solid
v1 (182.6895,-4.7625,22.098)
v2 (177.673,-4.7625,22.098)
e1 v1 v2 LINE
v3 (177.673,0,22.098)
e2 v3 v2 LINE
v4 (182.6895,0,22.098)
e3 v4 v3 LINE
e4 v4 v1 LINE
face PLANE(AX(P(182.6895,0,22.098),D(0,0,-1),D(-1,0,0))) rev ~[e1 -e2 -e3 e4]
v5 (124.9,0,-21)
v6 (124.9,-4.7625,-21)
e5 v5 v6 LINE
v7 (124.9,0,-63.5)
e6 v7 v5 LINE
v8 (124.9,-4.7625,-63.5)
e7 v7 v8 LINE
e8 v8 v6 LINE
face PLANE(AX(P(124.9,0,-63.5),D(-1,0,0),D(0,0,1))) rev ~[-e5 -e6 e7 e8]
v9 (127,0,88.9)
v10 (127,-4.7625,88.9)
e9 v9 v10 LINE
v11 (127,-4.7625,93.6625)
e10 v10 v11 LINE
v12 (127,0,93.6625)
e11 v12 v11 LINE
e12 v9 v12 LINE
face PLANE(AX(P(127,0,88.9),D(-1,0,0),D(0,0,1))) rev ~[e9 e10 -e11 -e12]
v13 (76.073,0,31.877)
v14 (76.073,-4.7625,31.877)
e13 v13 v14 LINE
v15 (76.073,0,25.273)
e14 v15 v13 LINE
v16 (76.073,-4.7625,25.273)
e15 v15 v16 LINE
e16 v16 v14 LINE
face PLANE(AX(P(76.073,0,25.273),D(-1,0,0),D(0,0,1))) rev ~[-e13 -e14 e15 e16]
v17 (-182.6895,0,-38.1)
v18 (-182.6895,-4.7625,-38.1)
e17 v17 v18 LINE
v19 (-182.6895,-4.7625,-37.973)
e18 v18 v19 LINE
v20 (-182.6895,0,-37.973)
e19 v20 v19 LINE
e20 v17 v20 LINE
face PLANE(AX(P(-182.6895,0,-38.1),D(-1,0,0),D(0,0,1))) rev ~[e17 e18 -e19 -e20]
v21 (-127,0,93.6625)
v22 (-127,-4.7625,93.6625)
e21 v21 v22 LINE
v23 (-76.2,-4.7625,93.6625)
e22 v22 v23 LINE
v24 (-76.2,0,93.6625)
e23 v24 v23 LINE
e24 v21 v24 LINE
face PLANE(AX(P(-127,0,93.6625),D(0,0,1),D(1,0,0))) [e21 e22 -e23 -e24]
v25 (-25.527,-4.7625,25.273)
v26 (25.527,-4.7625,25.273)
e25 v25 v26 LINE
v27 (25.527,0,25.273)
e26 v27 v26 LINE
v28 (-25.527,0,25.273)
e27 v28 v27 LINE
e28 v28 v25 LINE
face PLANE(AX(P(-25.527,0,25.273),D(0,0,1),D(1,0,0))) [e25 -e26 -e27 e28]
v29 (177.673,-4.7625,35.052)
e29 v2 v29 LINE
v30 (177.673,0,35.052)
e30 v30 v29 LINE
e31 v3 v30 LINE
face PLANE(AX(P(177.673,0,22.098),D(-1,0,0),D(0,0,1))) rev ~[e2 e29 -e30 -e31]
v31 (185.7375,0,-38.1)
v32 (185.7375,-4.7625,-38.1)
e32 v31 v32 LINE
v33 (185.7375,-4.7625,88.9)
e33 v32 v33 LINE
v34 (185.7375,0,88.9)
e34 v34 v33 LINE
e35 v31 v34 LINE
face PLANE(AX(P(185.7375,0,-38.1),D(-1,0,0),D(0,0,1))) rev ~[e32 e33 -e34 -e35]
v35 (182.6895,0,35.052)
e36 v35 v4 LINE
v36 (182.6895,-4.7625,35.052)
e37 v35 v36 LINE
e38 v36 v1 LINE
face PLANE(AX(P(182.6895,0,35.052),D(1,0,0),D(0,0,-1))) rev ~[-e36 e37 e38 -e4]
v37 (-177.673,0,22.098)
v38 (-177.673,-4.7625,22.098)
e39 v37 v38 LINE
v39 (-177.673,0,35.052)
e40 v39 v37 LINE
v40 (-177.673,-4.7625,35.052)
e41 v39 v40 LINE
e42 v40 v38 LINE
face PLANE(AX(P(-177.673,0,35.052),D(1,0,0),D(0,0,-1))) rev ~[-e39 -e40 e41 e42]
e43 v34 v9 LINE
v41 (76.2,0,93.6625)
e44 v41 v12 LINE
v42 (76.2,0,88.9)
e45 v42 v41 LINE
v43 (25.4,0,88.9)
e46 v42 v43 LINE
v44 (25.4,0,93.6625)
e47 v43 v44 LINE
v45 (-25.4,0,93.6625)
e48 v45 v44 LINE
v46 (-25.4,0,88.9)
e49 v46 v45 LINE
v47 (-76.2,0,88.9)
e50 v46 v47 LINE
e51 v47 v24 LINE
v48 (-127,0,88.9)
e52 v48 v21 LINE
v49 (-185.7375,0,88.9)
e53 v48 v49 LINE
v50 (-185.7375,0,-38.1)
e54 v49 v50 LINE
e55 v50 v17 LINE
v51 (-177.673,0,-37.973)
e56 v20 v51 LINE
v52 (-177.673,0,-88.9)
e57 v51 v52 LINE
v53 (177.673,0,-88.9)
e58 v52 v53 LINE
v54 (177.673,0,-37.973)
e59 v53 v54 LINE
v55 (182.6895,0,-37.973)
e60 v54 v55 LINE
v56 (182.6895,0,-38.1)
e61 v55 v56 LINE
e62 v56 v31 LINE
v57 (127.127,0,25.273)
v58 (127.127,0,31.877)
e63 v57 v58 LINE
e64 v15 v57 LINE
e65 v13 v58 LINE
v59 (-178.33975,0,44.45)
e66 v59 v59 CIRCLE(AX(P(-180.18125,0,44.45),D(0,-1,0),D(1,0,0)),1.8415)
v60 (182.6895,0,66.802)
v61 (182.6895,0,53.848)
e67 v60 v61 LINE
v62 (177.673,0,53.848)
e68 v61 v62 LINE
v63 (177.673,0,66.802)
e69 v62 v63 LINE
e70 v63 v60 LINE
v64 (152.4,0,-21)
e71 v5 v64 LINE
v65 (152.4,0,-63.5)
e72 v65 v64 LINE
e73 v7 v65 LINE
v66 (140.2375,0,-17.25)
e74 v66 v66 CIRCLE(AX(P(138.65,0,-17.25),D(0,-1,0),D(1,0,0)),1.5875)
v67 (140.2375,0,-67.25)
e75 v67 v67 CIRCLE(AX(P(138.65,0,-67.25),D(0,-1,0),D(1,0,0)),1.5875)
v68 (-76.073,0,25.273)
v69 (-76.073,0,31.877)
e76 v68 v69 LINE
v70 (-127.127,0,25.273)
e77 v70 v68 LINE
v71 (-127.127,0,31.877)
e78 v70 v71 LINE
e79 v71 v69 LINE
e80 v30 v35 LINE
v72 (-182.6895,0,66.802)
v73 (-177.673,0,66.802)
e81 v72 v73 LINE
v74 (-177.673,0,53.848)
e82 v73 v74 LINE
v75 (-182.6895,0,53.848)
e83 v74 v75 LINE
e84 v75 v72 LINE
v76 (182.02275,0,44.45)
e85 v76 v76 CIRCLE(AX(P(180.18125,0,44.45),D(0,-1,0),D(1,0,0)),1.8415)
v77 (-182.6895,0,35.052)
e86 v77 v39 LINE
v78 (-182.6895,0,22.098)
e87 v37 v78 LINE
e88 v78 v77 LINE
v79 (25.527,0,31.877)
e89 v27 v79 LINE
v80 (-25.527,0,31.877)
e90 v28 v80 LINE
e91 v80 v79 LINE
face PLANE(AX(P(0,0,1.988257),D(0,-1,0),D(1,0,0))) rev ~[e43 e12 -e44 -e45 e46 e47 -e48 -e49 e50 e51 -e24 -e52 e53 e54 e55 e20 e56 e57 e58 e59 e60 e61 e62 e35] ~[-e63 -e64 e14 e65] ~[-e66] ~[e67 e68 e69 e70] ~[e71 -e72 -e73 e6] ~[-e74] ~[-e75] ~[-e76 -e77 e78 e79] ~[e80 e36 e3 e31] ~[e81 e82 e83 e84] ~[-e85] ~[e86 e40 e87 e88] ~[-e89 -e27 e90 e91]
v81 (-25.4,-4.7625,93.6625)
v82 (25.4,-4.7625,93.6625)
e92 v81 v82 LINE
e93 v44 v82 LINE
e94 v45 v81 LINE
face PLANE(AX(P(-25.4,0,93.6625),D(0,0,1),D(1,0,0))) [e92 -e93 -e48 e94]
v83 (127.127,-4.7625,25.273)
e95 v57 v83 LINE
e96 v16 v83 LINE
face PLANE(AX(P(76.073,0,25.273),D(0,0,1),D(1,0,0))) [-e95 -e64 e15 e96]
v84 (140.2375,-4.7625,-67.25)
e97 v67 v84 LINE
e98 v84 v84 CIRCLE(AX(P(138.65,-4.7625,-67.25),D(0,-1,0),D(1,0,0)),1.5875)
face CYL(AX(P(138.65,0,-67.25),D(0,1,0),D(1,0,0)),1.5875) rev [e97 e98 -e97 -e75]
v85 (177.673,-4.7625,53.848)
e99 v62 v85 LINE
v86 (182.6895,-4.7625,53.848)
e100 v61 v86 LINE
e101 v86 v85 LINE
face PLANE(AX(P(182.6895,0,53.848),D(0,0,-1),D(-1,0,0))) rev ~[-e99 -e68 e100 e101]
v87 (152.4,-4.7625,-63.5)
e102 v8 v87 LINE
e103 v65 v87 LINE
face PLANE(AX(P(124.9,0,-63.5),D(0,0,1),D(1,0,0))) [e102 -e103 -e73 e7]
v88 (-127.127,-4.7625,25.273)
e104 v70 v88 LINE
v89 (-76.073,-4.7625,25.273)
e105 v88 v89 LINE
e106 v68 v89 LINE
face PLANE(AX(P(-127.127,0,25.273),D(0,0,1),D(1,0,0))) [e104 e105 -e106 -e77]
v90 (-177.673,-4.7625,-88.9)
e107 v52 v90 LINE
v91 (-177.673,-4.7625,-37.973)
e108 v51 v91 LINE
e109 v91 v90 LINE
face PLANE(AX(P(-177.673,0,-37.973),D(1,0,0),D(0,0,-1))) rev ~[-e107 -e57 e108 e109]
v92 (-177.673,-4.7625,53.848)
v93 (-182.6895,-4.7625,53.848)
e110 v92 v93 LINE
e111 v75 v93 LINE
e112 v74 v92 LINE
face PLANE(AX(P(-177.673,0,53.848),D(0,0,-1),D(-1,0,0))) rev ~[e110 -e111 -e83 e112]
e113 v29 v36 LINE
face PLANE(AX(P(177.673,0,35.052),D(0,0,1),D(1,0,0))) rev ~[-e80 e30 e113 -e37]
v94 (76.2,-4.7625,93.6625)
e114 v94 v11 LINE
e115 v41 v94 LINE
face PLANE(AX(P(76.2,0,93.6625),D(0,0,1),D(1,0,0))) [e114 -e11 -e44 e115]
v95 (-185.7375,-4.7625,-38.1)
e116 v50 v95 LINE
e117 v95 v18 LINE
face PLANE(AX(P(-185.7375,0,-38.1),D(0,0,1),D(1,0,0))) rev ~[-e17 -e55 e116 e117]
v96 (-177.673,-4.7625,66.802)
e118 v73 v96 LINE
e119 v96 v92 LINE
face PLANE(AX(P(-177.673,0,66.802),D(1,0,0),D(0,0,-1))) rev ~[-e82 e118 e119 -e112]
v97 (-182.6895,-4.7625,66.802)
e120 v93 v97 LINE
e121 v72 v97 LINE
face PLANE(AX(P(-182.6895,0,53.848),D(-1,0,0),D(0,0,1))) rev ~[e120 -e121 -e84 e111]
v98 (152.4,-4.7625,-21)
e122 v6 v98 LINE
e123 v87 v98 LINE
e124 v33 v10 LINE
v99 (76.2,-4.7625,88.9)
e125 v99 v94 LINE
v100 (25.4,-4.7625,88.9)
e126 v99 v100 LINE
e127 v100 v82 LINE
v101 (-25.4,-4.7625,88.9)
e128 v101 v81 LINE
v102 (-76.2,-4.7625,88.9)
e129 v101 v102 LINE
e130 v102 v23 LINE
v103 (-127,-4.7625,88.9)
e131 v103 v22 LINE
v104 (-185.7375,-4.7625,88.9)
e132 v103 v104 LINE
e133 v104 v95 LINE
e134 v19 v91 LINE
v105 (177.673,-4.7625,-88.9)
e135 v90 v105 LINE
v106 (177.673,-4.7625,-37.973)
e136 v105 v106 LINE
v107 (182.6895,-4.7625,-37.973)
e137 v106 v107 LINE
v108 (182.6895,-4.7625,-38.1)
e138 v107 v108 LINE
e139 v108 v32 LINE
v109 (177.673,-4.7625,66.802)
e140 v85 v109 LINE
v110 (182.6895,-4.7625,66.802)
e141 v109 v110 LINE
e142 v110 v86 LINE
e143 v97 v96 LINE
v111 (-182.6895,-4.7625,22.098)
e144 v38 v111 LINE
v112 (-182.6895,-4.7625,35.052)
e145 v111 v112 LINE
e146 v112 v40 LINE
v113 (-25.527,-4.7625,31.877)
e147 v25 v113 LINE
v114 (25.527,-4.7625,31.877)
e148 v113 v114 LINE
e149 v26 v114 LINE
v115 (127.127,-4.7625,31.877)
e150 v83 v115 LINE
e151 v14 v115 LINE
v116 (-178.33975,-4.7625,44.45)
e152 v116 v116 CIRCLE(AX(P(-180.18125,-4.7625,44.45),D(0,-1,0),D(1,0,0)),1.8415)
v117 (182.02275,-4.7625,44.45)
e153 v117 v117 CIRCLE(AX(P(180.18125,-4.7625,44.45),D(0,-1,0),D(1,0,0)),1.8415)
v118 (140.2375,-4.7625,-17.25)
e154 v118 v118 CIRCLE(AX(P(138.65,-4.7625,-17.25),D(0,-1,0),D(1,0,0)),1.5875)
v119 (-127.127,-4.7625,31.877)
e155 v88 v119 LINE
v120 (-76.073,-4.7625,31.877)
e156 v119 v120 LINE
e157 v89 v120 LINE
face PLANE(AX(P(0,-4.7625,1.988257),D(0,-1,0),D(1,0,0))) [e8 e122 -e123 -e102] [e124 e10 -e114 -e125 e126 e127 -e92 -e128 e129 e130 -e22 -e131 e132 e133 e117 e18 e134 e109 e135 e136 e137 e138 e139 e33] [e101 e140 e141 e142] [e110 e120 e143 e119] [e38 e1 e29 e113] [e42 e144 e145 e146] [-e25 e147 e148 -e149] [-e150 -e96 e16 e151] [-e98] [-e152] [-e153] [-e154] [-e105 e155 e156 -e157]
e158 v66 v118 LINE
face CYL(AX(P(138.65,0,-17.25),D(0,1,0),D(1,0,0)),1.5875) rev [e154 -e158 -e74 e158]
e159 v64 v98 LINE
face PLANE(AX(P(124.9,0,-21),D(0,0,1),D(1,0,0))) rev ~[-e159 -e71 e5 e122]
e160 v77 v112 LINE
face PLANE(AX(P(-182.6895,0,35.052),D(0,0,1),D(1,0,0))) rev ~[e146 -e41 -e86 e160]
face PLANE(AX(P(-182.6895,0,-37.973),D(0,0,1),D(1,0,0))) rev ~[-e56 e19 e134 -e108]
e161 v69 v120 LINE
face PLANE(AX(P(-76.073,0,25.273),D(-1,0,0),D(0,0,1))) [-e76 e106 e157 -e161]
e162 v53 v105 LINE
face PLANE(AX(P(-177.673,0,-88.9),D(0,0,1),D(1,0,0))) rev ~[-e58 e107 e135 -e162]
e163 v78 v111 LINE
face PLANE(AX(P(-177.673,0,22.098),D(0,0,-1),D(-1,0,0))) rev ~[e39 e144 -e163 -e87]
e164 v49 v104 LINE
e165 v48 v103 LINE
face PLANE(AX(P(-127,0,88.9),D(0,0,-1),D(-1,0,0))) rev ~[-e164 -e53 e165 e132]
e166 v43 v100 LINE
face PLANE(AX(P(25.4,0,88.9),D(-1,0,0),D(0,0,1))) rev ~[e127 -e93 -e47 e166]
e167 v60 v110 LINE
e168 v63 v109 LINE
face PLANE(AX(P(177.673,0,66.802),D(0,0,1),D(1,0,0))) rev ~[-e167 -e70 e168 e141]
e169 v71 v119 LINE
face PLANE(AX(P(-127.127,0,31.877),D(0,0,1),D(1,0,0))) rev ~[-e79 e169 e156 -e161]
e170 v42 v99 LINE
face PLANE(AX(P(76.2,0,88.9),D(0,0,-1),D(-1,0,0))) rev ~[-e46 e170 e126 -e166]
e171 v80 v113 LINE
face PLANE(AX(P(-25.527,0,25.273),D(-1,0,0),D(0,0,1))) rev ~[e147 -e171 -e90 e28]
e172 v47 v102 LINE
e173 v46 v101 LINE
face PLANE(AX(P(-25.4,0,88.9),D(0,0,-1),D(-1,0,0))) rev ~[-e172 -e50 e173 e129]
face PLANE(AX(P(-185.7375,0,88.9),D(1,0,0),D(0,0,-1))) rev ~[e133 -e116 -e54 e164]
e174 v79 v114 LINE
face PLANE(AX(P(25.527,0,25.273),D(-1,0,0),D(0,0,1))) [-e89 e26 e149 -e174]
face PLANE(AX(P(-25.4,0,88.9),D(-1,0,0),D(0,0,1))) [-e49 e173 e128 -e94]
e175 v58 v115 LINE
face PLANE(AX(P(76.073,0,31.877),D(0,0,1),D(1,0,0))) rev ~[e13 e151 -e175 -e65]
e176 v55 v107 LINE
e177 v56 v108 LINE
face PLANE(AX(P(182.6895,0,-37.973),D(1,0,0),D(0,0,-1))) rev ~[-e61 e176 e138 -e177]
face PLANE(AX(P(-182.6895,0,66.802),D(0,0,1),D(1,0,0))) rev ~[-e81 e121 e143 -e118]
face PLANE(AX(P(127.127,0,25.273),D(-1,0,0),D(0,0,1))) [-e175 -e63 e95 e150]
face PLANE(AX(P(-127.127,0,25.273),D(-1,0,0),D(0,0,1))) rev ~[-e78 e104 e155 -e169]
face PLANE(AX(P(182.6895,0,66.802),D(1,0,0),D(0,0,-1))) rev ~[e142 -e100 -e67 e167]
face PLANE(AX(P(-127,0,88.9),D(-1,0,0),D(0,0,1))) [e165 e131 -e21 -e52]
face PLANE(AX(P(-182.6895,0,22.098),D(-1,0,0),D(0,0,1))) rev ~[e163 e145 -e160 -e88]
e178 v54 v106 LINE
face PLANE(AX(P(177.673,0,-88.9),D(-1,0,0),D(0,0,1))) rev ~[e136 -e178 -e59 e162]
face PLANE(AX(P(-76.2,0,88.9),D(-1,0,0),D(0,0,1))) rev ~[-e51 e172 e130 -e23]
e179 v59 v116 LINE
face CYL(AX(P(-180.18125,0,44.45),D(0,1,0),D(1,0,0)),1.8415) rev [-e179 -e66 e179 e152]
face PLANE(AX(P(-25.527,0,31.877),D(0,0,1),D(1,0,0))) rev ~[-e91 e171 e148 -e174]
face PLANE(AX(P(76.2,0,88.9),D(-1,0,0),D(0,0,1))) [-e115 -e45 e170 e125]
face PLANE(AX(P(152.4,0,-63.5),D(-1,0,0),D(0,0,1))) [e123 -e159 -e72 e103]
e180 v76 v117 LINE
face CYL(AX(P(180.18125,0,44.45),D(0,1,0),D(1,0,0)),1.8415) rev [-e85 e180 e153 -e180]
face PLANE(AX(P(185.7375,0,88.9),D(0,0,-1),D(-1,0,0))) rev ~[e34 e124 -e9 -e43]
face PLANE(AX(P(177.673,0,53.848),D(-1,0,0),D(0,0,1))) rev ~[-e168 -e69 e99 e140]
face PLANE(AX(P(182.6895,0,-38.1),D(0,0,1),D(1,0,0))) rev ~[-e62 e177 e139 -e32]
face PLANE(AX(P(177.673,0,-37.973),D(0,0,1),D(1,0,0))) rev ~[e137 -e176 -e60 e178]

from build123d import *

# Parameters (mm, degrees)
F0_R     = 1.5875
F0_W     = 27.5
F0_H     = 42.5
F0_R_2   = 1.8415
F0_W_2   = 51.054
F0_H_2   = 6.604
F0_W_3   = 50.8
F0_H_3   = 4.7625
F1_DEPTH = 4.7625


with BuildPart() as f1:
    # F0 (on Front) → F1 (new body)
    with BuildSketch(Plane.XZ):
        Polygon((-127, 88.9), (-182.5625, 88.9), (-182.5625, 66.802), (-177.673, 66.802), (-177.673, 53.848), (-182.5625, 53.848), (-182.5625, 35.052), (-177.673, 35.052), (-177.673, 22.098), (-182.5625, 22.098), (-182.5625, -37.973), (-177.673, -37.973), (-177.673, -88.9), (177.673, -88.9), (177.673, -37.973), (182.5625, -37.973), (182.5625, 22.098), (177.673, 22.098), (177.673, 35.052), (182.5625, 35.052), (182.5625, 53.848), (177.673, 53.848), (177.673, 66.802), (182.5625, 66.802), (182.5625, 88.9), (127, 88.9), (76.2, 88.9), (25.4, 88.9), (-25.4, 88.9), (-76.2, 88.9), align=None)
        with Locations((138.65, -67.25)):
            Circle(F0_R, mode=Mode.SUBTRACT)
        with Locations((138.65, -42.25)):
            Rectangle(F0_W, F0_H, mode=Mode.SUBTRACT)
        with Locations((138.65, -17.25)):
            Circle(F0_R, mode=Mode.SUBTRACT)
        with Locations((-180.18125, 44.45)):
            Circle(F0_R_2, mode=Mode.SUBTRACT)
        with Locations((-101.6, 28.575)):
            Rectangle(F0_W_2, F0_H_2, mode=Mode.SUBTRACT)
        with Locations((0, 28.575)):
            Rectangle(F0_W_2, F0_H_2, mode=Mode.SUBTRACT)
        with Locations((101.6, 28.575)):
            Rectangle(F0_W_2, F0_H_2, mode=Mode.SUBTRACT)
        with Locations((180.18125, 44.45)):
            Circle(F0_R_2, mode=Mode.SUBTRACT)
        with Locations((-101.6, 91.28125)):
            Rectangle(F0_W_3, F0_H_3)
        with Locations((0, 91.28125)):
            Rectangle(F0_W_3, F0_H_3)
        with Locations((101.6, 91.28125)):
            Rectangle(F0_W_3, F0_H_3)
        Polygon((-182.5625, 66.802), (-182.5625, 88.9), (-185.7375, 88.9), (-185.7375, -38.1), (-182.6895, -38.1), (-182.6895, -37.973), (-182.5625, -37.973), (-182.5625, 22.098), (-182.6895, 22.098), (-182.6895, 35.052), (-182.5625, 35.052), (-182.5625, 53.848), (-182.6895, 53.848), (-182.6895, 66.802), align=None)
        Polygon((185.7375, 88.9), (182.5625, 88.9), (182.5625, 66.802), (182.6895, 66.802), (182.6895, 53.848), (182.5625, 53.848), (182.5625, 35.052), (182.6895, 35.052), (182.6895, 22.098), (182.5625, 22.098), (182.5625, -37.973), (182.6895, -37.973), (182.6895, -38.1), (185.7375, -38.1), align=None)
    extrude(amount=F1_DEPTH)


solid = f1.part
